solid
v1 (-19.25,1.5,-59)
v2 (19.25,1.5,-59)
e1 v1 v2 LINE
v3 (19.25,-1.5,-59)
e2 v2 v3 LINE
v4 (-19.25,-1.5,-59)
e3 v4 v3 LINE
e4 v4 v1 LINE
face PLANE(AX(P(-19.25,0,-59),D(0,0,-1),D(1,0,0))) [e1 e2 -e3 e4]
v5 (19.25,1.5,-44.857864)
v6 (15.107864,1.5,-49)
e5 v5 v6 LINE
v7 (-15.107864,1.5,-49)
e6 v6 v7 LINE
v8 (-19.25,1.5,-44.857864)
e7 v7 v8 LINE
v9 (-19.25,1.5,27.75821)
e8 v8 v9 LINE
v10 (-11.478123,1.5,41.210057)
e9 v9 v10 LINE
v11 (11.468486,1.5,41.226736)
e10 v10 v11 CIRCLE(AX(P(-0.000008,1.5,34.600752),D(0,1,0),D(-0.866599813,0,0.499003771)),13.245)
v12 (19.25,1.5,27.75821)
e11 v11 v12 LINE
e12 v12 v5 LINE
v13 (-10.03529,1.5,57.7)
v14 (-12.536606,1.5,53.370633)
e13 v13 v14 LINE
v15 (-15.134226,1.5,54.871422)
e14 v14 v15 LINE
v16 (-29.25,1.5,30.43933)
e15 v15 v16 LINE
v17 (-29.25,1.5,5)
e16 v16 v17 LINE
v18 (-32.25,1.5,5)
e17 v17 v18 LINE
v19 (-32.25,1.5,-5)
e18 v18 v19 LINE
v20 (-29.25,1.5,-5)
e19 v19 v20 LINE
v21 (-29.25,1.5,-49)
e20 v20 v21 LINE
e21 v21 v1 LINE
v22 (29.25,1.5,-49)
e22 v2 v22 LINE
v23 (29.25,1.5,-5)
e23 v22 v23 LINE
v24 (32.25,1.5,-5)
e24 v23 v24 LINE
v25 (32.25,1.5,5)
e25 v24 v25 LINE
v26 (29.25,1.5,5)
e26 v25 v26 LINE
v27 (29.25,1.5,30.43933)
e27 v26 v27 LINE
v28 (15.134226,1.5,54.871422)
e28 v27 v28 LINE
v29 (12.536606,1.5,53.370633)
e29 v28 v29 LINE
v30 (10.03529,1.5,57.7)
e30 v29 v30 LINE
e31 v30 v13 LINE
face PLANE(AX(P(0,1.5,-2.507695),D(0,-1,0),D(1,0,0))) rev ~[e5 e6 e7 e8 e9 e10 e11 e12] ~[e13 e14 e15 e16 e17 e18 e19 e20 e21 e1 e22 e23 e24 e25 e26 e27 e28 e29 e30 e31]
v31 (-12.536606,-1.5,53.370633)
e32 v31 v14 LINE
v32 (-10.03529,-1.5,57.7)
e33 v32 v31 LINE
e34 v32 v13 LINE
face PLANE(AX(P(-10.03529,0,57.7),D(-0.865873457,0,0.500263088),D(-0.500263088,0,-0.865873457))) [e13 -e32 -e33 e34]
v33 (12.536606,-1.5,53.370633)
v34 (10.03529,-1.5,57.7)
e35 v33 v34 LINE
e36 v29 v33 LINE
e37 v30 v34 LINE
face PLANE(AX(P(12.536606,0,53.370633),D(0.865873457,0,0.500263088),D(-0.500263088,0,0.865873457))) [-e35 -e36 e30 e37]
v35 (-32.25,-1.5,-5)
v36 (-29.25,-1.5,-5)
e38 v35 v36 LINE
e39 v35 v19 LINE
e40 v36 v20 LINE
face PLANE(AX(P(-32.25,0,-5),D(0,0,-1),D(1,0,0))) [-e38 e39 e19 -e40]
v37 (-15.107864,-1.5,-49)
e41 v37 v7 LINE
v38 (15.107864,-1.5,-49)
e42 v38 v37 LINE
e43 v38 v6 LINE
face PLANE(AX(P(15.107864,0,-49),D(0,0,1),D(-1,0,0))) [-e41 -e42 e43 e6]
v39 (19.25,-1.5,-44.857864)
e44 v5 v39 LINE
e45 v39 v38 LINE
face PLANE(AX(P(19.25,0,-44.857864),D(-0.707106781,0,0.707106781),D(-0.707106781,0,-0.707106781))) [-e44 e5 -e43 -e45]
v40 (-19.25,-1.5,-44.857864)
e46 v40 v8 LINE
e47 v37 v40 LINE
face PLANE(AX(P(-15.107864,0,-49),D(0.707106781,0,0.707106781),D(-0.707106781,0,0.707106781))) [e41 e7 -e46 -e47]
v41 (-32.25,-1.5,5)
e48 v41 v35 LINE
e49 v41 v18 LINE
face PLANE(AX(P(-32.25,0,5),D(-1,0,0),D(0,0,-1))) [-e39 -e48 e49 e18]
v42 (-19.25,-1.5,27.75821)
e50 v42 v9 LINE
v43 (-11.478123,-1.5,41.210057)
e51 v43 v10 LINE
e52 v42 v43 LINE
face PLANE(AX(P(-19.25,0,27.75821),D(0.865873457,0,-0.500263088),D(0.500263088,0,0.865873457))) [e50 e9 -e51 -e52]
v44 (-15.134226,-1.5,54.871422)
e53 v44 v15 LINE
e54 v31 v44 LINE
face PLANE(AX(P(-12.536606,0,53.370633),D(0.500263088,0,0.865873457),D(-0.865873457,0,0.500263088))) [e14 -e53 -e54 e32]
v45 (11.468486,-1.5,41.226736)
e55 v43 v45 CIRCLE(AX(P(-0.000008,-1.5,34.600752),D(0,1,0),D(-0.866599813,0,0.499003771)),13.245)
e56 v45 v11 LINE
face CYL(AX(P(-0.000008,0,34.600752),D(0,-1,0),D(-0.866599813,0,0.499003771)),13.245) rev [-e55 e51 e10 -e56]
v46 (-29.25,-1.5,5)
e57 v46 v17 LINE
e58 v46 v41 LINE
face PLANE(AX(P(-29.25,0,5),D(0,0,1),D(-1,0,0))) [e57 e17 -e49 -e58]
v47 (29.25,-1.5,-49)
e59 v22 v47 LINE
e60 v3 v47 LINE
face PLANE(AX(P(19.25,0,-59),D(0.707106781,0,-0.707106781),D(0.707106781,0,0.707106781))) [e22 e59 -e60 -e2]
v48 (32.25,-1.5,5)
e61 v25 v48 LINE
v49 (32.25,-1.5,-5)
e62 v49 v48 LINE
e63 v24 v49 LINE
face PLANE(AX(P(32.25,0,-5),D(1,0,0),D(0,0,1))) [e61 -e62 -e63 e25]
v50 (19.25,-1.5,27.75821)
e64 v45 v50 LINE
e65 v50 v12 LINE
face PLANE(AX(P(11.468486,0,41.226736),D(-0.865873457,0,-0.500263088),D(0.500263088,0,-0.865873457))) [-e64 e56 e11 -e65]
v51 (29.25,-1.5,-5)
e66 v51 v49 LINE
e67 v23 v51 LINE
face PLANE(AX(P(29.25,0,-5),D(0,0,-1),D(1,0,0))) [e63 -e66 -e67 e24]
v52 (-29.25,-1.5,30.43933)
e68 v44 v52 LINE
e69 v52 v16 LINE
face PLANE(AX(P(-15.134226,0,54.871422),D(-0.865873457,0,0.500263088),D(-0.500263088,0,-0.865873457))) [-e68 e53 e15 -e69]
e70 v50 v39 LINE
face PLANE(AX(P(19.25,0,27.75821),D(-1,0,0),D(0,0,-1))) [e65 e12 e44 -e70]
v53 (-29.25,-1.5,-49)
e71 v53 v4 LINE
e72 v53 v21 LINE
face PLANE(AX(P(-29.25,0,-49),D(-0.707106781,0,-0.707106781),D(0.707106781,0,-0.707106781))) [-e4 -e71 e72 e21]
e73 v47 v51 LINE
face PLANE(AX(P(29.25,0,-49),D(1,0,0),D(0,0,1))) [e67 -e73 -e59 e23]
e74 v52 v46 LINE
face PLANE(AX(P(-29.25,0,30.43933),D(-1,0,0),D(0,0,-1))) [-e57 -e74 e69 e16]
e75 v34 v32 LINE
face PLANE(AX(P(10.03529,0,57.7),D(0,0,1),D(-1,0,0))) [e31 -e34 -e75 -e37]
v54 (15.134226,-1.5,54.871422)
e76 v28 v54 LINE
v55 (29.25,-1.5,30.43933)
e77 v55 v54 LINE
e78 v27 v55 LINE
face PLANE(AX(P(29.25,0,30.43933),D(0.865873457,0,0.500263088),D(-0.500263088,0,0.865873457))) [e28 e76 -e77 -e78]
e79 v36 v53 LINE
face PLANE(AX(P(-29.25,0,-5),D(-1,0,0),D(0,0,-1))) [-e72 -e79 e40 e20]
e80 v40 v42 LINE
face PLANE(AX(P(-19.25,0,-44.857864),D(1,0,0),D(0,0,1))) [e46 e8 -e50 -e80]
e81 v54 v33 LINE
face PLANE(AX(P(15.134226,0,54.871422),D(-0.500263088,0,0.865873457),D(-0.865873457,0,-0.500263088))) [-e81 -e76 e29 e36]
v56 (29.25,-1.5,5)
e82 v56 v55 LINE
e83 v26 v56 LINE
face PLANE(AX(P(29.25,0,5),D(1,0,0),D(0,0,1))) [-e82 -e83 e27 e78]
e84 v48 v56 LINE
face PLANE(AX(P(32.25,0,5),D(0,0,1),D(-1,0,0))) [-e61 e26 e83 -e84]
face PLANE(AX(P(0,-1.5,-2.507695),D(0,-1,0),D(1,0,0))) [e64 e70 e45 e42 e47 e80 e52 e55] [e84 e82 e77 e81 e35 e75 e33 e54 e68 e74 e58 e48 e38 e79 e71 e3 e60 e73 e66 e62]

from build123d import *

# Parameters (mm, degrees)
F1_DEPTH = 1.5


with BuildPart() as f1:
    # F0 (on Front) → F1 (new body, symmetric)
    with BuildSketch(Plane.XZ):
        Polygon((-19.25, -59), (19.25, -59), (29.25, -49), (29.25, -5), (32.25, -5), (32.25, 5), (29.25, 5), (29.25, 30.43933), (15.1342262987, 54.8714219789), (12.5366059283, 53.370632716), (10.0352904902, 57.7), (-10.0352904902, 57.7), (-12.5366059283, 53.370632716), (-15.1342262987, 54.8714219789), (-29.25, 30.43933), (-29.25, 5), (-32.25, 5), (-32.25, -5), (-29.25, -5), (-29.25, -49), align=None)
        with BuildLine():
            Line((19.25, 0), (19.25, -44.8578643763))
            Line((19.25, -44.8578643763), (15.1078643763, -49))
            Line((15.1078643763, -49), (-15.1078643763, -49))
            Line((-15.1078643763, -49), (-19.25, -44.8578643763))
            Line((-19.25, -44.8578643763), (-19.25, 0))
            Line((-19.25, 0), (-19.25, 27.7582098748))
            Line((-19.25, 27.7582098748), (-11.4781226068, 41.2100565349))
            ThreePointArc((-11.4781226068, 41.2100565349), (-0.0096357275, 47.8457480828), (11.4684858529, 41.2267361773))
            Line((11.4684858529, 41.2267361773), (19.25, 27.7582098748))
            Line((19.25, 27.7582098748), (19.25, 0))
        make_face(mode=Mode.SUBTRACT)
    extrude(amount=F1_DEPTH, both=True)


solid = f1.part
